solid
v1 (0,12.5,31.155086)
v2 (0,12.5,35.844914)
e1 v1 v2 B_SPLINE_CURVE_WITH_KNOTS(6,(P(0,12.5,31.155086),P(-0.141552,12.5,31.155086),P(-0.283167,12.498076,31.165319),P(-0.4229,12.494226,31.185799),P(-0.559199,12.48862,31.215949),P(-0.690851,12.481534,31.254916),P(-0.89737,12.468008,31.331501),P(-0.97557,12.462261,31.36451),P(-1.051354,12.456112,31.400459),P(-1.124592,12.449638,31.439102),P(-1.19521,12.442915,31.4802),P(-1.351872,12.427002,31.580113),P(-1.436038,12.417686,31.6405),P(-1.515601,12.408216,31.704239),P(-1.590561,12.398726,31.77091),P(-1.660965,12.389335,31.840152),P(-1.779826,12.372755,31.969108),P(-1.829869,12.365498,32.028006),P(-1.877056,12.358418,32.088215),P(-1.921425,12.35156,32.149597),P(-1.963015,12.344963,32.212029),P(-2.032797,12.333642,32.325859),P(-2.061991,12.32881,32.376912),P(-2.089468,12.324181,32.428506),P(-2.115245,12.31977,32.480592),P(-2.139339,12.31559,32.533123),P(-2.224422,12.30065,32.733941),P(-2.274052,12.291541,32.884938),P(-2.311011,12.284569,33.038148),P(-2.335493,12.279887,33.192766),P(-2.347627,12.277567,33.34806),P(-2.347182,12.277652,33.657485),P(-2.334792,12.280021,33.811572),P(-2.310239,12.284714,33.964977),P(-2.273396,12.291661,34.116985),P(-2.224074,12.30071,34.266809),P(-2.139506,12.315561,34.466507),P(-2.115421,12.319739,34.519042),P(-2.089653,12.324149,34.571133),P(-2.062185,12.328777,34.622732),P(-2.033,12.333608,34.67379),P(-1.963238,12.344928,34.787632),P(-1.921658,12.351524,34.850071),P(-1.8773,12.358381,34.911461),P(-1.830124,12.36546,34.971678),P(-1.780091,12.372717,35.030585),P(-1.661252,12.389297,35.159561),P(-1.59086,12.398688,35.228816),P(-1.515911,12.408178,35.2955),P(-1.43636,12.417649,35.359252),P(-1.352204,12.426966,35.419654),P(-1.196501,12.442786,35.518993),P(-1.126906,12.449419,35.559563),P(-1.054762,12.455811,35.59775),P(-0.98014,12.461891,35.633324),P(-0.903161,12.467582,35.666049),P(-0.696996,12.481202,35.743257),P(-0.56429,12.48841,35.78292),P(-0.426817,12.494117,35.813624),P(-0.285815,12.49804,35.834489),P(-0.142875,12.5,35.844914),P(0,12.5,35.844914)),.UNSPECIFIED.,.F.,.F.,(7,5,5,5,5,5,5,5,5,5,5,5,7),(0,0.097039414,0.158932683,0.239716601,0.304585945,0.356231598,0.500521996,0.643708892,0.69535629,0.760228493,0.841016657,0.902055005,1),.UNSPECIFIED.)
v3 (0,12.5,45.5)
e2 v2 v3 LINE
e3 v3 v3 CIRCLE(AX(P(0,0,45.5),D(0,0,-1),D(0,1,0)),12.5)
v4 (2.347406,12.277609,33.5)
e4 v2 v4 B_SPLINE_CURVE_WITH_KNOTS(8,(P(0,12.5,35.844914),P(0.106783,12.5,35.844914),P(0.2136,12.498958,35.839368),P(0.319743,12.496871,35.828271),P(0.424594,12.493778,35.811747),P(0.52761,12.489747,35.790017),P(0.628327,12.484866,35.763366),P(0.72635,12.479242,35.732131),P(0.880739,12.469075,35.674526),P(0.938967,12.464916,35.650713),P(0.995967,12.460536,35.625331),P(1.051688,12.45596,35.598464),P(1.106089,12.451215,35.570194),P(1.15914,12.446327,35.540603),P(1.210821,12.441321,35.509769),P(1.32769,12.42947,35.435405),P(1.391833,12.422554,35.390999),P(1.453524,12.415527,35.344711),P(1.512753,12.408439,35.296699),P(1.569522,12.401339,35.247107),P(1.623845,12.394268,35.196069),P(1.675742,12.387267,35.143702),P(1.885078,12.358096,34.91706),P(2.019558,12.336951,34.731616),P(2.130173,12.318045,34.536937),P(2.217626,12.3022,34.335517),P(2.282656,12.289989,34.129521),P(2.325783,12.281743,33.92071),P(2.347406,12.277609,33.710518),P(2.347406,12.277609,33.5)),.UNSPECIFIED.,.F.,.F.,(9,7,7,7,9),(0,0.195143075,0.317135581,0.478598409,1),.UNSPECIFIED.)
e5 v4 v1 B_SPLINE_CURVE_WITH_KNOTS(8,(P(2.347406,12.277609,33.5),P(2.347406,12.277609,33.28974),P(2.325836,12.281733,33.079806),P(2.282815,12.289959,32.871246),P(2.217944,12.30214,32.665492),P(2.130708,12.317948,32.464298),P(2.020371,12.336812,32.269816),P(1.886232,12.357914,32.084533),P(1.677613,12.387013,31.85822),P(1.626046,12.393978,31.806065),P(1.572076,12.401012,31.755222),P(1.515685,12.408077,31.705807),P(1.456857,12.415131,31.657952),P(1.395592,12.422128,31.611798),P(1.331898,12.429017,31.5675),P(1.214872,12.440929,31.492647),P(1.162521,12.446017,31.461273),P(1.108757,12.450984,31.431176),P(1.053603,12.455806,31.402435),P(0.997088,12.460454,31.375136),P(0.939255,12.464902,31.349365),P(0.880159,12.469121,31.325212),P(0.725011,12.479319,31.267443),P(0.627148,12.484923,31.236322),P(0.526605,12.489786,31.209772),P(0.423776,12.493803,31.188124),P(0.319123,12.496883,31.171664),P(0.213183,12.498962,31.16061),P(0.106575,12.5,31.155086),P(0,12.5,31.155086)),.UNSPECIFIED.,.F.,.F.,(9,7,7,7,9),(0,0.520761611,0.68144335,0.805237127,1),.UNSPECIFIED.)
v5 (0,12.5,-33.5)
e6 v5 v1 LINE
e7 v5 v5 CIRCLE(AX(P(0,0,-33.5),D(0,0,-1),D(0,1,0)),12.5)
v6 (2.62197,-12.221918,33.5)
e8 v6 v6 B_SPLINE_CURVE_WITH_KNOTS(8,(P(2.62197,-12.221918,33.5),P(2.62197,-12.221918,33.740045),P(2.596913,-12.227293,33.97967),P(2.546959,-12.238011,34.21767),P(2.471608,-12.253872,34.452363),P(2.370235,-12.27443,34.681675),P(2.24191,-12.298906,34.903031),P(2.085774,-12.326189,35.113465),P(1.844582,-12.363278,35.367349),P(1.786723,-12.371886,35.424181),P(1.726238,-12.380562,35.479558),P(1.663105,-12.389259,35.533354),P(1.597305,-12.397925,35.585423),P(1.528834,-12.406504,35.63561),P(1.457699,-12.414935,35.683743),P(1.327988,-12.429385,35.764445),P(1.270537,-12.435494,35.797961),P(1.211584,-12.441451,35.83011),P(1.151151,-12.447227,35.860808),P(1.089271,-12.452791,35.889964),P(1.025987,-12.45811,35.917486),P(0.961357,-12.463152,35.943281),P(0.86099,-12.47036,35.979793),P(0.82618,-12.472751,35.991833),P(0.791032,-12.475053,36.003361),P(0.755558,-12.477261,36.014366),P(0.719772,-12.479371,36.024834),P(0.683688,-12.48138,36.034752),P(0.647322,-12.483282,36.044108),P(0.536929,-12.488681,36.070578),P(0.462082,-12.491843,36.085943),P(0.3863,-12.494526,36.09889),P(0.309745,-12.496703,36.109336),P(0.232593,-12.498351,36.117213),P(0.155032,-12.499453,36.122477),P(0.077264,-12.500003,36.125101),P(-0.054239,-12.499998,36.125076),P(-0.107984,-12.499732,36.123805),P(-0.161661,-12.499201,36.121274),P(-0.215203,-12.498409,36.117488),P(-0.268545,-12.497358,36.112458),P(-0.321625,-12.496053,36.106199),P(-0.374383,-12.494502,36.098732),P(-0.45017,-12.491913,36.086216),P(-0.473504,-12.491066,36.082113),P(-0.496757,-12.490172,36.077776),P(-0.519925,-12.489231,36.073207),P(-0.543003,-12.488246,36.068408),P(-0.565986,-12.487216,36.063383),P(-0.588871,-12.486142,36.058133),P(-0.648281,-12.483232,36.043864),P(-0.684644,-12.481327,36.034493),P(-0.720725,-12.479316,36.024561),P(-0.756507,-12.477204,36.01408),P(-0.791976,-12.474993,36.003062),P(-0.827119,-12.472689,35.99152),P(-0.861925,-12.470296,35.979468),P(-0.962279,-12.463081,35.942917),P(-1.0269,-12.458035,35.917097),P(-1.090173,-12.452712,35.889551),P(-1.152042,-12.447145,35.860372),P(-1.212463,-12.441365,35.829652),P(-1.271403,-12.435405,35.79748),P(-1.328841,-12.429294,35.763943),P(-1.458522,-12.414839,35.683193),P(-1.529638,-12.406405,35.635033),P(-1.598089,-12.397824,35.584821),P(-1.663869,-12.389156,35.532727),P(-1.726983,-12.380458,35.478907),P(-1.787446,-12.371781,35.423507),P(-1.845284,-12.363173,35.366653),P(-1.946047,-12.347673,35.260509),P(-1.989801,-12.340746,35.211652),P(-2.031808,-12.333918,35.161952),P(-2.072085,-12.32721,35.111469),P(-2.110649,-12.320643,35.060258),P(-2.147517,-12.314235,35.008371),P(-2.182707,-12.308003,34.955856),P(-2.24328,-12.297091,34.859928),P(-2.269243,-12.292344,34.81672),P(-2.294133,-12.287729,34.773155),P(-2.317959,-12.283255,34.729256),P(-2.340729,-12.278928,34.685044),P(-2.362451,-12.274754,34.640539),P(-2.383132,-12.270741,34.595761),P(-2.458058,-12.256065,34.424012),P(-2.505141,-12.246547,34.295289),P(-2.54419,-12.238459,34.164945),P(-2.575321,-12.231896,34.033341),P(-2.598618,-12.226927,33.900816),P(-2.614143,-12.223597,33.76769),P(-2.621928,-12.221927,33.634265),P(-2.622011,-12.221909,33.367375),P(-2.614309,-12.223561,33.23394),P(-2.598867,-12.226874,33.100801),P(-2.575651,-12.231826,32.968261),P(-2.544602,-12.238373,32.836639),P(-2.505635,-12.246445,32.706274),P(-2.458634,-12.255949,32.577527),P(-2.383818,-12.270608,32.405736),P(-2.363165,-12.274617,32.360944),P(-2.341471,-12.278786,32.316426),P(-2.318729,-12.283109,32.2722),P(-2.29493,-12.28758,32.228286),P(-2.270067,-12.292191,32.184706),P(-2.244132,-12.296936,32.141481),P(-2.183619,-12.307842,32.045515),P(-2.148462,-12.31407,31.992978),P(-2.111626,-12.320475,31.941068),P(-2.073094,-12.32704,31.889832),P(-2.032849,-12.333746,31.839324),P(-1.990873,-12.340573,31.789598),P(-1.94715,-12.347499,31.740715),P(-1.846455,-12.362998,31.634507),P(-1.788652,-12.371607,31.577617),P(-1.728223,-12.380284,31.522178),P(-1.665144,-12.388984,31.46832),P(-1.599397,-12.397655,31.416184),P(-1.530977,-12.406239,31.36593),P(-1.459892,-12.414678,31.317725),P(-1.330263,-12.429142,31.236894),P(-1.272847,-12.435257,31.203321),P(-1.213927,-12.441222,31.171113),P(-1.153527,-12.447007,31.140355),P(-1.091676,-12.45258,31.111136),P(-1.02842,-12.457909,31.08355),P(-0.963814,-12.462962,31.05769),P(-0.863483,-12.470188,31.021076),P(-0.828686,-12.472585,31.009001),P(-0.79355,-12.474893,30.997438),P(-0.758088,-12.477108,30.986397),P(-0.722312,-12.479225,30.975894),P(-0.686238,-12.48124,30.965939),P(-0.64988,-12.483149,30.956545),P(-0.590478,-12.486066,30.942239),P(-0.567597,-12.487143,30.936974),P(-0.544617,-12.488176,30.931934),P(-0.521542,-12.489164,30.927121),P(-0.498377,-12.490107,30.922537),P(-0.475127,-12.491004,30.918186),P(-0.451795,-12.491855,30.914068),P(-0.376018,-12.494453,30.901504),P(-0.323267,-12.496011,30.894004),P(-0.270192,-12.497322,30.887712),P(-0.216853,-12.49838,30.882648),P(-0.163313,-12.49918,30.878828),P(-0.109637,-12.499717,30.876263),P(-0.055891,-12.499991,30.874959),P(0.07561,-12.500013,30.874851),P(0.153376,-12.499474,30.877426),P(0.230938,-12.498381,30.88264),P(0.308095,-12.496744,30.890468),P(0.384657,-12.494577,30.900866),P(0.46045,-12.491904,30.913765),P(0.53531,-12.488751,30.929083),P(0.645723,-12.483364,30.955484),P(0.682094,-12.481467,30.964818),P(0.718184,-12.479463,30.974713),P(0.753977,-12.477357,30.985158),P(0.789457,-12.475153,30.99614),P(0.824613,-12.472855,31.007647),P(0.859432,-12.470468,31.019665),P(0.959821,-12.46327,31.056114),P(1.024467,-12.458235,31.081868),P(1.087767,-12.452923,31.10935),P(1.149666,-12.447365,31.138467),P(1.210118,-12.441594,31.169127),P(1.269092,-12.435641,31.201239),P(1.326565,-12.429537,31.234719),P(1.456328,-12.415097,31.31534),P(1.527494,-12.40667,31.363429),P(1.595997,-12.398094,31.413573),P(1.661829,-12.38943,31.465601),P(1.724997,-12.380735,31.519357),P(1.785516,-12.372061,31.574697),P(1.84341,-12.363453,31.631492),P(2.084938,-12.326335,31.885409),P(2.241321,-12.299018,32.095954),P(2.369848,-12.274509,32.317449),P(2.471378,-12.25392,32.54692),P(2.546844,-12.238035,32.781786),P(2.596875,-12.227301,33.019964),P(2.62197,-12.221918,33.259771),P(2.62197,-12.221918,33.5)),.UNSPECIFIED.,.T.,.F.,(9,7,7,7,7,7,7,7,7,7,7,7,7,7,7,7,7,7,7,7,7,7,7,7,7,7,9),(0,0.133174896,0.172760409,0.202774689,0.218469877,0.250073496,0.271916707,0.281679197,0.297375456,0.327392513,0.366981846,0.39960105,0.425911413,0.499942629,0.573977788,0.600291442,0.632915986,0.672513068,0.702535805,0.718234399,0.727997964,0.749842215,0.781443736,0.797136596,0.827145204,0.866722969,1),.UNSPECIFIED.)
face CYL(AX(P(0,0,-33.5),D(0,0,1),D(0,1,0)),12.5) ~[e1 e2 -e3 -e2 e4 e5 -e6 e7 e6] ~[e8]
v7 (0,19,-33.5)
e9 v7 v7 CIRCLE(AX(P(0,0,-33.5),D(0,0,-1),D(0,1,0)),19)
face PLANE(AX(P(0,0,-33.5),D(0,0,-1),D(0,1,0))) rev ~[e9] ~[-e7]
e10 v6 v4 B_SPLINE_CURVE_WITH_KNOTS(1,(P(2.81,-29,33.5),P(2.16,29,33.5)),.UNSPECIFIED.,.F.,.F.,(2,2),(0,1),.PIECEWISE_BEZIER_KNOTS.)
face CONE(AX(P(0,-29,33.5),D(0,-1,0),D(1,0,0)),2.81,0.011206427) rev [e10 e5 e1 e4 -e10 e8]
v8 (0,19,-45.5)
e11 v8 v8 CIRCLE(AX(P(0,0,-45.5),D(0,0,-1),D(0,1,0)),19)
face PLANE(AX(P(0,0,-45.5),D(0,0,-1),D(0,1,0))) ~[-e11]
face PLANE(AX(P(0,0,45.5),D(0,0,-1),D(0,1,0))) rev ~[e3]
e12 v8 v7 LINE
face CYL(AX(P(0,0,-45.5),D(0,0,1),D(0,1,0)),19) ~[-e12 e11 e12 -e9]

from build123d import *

# Parameters (mm, degrees)
F3_R = 2.81
F5_R = 2.16


with BuildPart() as f1:
    # F0 (on Right) → F1 (revolve)
    with BuildSketch(Plane.YZ):
        Polygon((12.5, 45.5), (0, 45.5), (0, -45.5), (19, -45.5), (19, -33.5), (12.5, -33.5), (12.5, 27.5), (12.5, 39.5), align=None)
    revolve(axis=Axis((0, 0, -1.919575), (0, 0, -1)))

    # F3 (on offset) → F6 section 0
    with BuildSketch(Plane.XZ.offset(29)):
        with Locations((0, 33.5)):
            Circle(F3_R)
    # F5 (on offset) → F6 section 1
    with BuildSketch(Plane.XZ.offset(-29)):
        with Locations((0, 33.5)):
            Circle(F5_R)
    loft(mode=Mode.SUBTRACT)


solid = f1.part
